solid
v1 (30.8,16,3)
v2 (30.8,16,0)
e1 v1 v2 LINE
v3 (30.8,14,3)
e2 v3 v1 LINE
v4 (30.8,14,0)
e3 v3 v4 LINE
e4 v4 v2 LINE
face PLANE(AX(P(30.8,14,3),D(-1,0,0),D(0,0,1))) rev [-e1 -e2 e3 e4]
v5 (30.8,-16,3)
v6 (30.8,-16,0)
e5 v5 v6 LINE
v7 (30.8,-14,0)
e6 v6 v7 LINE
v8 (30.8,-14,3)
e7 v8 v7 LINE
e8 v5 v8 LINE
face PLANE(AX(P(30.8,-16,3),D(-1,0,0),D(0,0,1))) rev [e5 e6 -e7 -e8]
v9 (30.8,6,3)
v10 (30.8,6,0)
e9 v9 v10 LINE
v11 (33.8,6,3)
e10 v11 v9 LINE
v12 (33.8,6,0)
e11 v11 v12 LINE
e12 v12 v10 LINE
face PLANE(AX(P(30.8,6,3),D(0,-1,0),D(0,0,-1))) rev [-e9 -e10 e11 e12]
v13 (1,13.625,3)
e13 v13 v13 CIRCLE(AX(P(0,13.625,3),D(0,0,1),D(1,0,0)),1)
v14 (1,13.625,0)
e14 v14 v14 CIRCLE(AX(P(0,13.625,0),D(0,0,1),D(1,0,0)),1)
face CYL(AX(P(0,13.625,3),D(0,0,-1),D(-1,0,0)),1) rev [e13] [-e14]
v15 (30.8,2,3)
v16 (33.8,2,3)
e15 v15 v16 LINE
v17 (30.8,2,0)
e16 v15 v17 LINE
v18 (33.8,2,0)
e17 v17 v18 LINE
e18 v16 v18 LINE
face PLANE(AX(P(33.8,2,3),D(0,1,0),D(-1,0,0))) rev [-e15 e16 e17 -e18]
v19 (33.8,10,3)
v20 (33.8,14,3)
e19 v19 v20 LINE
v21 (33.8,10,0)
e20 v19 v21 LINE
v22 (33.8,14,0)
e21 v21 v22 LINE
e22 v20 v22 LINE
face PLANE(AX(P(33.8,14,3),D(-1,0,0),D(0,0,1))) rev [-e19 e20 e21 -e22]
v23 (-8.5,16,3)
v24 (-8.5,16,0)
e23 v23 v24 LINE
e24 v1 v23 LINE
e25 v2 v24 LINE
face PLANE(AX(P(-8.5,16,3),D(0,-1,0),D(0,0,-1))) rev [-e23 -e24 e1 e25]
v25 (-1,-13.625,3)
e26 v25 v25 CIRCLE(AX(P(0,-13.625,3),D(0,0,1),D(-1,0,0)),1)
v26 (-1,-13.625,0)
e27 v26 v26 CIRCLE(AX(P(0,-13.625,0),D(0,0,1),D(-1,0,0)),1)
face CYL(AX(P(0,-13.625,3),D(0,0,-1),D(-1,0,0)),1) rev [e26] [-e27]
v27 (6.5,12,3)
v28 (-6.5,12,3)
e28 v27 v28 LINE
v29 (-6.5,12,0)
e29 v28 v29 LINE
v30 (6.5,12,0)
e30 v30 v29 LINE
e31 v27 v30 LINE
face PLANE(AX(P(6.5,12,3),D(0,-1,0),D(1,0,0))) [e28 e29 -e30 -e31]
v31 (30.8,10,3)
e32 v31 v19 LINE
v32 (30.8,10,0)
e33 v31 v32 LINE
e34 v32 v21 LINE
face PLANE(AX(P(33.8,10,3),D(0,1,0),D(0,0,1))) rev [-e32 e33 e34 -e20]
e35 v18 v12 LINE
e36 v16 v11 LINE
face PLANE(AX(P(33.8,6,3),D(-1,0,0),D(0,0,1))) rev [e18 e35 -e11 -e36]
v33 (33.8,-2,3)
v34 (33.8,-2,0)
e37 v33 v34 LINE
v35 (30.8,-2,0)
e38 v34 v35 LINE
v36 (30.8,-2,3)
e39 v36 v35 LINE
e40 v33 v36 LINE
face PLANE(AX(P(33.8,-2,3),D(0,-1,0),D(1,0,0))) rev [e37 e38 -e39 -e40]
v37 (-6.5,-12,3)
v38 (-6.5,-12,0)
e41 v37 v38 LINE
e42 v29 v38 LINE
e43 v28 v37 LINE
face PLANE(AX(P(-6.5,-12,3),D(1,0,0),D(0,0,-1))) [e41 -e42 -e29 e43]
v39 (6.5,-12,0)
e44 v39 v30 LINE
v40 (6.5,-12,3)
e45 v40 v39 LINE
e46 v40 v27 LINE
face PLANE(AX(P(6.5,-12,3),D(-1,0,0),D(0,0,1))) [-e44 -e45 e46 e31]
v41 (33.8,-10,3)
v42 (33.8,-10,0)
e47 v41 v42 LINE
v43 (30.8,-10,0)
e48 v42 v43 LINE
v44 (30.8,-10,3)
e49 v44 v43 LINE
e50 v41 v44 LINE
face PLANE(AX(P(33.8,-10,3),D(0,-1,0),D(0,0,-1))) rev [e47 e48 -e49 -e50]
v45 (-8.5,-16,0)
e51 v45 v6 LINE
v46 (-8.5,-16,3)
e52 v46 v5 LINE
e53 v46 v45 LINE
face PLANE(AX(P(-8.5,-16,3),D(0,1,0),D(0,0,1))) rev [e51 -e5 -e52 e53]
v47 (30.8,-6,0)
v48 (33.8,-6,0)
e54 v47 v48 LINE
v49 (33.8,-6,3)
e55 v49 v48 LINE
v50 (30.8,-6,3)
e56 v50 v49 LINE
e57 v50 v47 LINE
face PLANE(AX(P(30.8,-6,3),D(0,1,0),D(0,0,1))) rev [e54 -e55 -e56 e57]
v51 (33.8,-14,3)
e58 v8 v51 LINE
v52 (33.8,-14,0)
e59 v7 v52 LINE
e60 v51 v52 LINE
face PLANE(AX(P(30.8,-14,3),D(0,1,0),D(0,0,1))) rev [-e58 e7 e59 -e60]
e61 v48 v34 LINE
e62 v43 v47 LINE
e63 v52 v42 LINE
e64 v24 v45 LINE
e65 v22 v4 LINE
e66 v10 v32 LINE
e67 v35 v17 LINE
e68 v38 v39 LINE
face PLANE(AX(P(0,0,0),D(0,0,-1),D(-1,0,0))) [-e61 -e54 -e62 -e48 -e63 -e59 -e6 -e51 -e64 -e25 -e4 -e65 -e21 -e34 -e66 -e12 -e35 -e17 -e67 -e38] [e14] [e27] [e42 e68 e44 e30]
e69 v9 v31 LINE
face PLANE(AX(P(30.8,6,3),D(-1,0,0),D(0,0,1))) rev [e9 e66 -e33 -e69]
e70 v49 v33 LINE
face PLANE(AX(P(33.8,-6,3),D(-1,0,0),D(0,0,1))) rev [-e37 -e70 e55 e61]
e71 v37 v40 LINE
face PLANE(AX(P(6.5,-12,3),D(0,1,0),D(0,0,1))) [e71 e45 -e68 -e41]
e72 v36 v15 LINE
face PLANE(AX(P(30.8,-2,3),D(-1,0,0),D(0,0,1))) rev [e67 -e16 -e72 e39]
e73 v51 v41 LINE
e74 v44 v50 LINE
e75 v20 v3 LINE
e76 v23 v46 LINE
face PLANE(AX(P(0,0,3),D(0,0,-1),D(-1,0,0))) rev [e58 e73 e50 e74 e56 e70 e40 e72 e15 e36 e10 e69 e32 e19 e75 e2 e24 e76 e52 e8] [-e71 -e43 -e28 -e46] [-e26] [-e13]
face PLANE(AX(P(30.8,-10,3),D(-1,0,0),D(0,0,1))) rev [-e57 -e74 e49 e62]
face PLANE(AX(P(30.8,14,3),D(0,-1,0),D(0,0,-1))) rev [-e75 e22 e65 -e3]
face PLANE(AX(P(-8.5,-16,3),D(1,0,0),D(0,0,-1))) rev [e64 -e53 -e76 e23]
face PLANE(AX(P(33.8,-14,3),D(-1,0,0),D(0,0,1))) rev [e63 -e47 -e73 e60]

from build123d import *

# Parameters (mm, degrees)
SKETCH1_R           = 1
SKETCH1_W           = 13
SKETCH1_H           = 24
BOSS_EXTRUDE1_DEPTH = 3


with BuildPart() as part:
    # Sketch1 → Boss-Extrude1 (new body)
    with BuildSketch(Plane.XY):
        Polygon((30.8, 14), (33.8, 14), (33.8, 10), (30.8, 10), (30.8, 6), (33.8, 6), (33.8, 2), (30.8, 2), (30.8, -2), (33.8, -2), (33.8, -6), (30.8, -6), (30.8, -10), (33.8, -10), (33.8, -14), (30.8, -14), (30.8, -16), (-8.5, -16), (-8.5, 16), (30.8, 16), align=None)
        with Locations((0, 13.625)):
            Circle(SKETCH1_R, mode=Mode.SUBTRACT)
        with Locations(Location((0, -13.625, 0), (0, 0, 180))):
            Circle(SKETCH1_R, mode=Mode.SUBTRACT)
        Rectangle(SKETCH1_W, SKETCH1_H, mode=Mode.SUBTRACT)
    extrude(amount=BOSS_EXTRUDE1_DEPTH)


solid = part.part
